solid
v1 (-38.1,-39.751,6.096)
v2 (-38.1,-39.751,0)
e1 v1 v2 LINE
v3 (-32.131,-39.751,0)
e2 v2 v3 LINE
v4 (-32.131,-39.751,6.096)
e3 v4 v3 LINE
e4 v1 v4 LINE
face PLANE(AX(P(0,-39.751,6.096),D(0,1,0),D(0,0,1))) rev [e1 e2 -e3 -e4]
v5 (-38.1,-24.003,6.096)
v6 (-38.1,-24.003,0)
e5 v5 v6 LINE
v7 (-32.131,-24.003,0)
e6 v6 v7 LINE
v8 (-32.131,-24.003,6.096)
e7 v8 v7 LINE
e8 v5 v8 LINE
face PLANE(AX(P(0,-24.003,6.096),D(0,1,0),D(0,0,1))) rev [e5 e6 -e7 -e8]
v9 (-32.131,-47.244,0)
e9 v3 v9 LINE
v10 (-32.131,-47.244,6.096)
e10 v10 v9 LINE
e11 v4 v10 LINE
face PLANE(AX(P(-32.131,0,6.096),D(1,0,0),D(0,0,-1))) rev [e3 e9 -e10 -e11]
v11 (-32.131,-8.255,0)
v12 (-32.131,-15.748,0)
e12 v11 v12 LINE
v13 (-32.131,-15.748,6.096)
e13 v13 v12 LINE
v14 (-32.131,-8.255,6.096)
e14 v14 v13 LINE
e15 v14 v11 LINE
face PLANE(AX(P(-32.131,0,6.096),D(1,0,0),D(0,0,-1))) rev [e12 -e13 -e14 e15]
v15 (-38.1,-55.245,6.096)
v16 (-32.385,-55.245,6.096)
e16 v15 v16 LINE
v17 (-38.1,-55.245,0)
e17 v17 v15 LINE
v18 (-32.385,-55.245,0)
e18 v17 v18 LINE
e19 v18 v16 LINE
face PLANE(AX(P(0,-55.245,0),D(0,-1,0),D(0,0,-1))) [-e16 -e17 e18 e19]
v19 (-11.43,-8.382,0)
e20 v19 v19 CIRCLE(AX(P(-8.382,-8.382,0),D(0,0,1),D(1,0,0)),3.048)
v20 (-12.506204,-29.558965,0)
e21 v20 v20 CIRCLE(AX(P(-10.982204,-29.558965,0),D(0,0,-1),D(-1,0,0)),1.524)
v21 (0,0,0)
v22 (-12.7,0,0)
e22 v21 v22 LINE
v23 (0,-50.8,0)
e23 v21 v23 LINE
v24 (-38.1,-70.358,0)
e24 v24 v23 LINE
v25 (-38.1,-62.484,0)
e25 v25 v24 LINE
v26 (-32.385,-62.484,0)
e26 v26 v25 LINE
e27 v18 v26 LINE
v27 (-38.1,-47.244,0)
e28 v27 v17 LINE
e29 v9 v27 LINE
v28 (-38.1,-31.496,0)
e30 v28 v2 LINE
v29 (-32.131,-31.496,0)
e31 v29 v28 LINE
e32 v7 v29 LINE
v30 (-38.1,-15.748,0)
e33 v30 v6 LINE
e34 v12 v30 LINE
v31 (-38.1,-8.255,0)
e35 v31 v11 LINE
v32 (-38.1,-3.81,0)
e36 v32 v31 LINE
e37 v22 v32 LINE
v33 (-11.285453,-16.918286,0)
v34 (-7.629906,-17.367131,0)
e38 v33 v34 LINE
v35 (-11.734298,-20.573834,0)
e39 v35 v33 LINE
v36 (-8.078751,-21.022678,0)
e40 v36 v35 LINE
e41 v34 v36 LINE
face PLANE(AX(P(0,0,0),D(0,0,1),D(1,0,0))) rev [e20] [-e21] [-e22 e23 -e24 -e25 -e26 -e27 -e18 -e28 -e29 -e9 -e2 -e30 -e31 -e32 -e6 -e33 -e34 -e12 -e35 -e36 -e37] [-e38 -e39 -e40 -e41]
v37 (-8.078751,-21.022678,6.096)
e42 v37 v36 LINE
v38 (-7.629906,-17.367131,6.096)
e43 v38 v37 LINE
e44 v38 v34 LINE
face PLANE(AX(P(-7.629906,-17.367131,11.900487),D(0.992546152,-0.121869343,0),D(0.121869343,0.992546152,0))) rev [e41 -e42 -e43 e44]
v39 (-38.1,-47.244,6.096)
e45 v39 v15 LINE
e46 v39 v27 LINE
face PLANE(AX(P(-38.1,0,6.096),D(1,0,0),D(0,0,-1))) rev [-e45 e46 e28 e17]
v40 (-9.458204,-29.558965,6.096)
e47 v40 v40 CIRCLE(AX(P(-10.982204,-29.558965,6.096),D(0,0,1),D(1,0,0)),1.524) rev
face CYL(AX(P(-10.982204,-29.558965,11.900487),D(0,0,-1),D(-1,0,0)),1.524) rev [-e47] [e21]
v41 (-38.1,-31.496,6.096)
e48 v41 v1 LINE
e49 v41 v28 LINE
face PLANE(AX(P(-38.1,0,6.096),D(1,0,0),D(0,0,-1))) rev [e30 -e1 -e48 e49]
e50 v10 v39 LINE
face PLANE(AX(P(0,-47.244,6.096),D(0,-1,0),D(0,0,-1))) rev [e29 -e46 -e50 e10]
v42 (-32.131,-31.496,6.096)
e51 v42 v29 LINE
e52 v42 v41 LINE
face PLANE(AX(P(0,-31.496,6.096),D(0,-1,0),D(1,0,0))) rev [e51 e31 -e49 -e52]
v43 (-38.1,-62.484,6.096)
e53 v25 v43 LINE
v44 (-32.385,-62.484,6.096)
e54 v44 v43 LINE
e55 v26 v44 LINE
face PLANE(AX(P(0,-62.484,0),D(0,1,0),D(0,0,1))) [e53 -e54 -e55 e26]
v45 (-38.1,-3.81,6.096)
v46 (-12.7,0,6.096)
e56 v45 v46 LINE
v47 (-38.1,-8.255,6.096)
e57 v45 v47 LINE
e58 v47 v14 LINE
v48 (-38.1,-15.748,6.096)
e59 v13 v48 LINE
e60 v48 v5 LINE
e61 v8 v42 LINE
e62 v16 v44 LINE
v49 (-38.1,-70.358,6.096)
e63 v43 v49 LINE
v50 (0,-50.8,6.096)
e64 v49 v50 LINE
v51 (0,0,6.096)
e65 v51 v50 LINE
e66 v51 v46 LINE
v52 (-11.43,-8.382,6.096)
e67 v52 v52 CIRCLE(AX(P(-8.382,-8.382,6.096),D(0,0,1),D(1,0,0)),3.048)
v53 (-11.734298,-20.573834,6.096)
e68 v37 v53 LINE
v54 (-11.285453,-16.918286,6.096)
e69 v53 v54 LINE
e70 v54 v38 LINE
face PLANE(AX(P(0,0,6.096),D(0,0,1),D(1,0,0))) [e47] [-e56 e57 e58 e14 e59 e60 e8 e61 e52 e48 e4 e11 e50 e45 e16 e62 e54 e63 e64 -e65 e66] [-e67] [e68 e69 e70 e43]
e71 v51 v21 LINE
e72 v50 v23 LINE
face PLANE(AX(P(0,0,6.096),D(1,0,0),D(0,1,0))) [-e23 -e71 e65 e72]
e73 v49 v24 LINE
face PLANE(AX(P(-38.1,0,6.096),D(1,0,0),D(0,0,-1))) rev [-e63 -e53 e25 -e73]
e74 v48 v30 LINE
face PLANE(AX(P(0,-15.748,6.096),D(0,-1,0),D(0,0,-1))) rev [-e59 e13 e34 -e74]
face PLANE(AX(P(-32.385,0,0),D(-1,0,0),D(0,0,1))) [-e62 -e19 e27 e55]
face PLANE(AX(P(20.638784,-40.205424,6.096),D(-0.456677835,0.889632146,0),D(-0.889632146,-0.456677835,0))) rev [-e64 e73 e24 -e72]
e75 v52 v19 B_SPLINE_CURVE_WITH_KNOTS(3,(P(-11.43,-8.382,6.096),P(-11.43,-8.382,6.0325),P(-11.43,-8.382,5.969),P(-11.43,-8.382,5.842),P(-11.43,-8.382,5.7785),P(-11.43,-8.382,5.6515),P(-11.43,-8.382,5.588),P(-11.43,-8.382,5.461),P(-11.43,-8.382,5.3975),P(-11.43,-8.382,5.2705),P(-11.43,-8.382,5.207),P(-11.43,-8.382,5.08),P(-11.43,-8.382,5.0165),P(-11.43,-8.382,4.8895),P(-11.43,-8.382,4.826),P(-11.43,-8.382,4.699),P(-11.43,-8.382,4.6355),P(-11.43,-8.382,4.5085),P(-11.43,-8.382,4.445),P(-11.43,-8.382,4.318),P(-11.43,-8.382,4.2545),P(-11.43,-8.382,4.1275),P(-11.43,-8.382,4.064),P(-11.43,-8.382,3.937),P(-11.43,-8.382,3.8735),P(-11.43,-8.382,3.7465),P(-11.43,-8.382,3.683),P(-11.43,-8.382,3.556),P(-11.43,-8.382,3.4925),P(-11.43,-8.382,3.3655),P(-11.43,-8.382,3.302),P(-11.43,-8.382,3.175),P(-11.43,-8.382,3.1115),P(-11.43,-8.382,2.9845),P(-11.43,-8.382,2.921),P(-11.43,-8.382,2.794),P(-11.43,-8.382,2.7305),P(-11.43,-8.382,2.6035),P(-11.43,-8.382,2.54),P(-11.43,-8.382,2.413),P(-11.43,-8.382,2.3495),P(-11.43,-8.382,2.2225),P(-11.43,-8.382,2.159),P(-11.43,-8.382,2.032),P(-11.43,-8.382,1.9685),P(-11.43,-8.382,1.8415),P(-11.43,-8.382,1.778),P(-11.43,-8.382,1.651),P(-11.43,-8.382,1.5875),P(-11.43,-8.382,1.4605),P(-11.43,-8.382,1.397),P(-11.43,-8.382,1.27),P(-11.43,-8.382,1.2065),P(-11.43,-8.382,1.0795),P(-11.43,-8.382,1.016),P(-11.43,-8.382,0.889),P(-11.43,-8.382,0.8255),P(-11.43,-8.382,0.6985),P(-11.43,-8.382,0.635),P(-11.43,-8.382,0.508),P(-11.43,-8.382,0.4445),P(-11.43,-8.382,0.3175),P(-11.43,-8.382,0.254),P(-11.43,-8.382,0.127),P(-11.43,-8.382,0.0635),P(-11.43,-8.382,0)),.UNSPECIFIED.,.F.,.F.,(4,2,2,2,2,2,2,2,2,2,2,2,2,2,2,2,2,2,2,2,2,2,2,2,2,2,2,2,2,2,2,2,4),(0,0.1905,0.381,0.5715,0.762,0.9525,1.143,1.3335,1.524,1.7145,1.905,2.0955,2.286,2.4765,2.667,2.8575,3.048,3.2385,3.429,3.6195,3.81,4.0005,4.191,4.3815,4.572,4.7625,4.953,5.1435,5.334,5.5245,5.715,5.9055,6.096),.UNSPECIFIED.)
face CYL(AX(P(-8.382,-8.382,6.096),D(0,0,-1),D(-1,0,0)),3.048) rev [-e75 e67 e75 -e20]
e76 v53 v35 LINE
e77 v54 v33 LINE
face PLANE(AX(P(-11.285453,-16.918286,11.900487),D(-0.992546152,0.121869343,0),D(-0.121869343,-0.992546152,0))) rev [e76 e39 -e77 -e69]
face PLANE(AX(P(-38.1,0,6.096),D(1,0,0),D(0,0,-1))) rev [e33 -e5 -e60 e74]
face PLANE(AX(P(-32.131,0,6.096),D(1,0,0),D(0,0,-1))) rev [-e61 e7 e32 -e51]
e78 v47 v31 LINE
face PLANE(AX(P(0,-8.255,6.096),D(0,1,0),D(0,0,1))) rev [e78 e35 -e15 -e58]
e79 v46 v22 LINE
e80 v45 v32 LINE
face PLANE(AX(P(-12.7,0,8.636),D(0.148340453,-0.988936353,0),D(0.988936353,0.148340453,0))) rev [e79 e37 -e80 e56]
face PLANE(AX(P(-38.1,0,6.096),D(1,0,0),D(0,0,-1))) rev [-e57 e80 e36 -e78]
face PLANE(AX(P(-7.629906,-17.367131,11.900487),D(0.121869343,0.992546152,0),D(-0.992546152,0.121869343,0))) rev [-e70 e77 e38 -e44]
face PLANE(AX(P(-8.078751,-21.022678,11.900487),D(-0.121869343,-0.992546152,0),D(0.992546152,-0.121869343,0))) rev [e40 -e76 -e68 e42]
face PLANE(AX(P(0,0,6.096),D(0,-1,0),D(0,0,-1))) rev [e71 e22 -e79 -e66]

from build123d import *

# Parameters (mm, degrees)
SKETCH1_R           = 3.048
BOSS_EXTRUDE1_DEPTH = 6.096
CUT_EXTRUDE1_DEPTH  = 8.636
SKETCH4_W           = 5.715
SKETCH4_H           = 7.239
CUT_EXTRUDE2_DEPTH  = 81.243500547
SKETCH5_R           = 1.524
CUT_EXTRUDE4_DEPTH  = 6.096


with BuildPart() as part:
    # Sketch1 → Boss-Extrude1 (new body)
    with BuildSketch(Plane.XY):
        Polygon((0, 0), (-38.1, 0), (-38.1, -8.255), (-32.131, -8.255), (-32.131, -15.748), (-38.1, -15.748), (-38.1, -24.003), (-32.131, -24.003), (-32.131, -31.496), (-38.1, -31.496), (-38.1, -39.751), (-32.131, -39.751), (-32.131, -47.244), (-38.1, -47.244), (-38.1, -70.358), (0, -50.8), align=None)
        with Locations(Location((-8.382, -8.382, 0), (0, 0, 180))):
            Circle(SKETCH1_R, mode=Mode.SUBTRACT)
    extrude(amount=BOSS_EXTRUDE1_DEPTH)

    # Sketch2 → Cut-Extrude1 (cut)
    with BuildSketch(Plane(origin=(0, 0, 0), x_dir=(-1, 0, 0), z_dir=(0, 0, -1))):
        Polygon((38.1, 0), (12.7, 0), (38.1, -3.81), align=None)
    extrude(amount=-CUT_EXTRUDE1_DEPTH, mode=Mode.SUBTRACT)

    # Sketch4 → Cut-Extrude2 (cut, through all)
    with BuildSketch(Plane.XY.offset(6.096)):
        with Locations((-35.2425, -58.8645)):
            Rectangle(SKETCH4_W, SKETCH4_H)
    extrude(amount=-CUT_EXTRUDE2_DEPTH, mode=Mode.SUBTRACT)

    # Sketch5 → Cut-Extrude4 (cut)
    with BuildSketch(Plane(origin=(0, 0, 0), x_dir=(-1, 0, 0), z_dir=(0, 0, -1))):
        with Locations((10.982204311, -29.558964691)):
            Circle(SKETCH5_R)
        Polygon((7.629906021, -17.367131003), (11.285453498, -16.918286212), (11.73429829, -20.573833688), (8.078750813, -21.02267848), align=None)
    extrude(amount=-CUT_EXTRUDE4_DEPTH, mode=Mode.SUBTRACT)


solid = part.part
